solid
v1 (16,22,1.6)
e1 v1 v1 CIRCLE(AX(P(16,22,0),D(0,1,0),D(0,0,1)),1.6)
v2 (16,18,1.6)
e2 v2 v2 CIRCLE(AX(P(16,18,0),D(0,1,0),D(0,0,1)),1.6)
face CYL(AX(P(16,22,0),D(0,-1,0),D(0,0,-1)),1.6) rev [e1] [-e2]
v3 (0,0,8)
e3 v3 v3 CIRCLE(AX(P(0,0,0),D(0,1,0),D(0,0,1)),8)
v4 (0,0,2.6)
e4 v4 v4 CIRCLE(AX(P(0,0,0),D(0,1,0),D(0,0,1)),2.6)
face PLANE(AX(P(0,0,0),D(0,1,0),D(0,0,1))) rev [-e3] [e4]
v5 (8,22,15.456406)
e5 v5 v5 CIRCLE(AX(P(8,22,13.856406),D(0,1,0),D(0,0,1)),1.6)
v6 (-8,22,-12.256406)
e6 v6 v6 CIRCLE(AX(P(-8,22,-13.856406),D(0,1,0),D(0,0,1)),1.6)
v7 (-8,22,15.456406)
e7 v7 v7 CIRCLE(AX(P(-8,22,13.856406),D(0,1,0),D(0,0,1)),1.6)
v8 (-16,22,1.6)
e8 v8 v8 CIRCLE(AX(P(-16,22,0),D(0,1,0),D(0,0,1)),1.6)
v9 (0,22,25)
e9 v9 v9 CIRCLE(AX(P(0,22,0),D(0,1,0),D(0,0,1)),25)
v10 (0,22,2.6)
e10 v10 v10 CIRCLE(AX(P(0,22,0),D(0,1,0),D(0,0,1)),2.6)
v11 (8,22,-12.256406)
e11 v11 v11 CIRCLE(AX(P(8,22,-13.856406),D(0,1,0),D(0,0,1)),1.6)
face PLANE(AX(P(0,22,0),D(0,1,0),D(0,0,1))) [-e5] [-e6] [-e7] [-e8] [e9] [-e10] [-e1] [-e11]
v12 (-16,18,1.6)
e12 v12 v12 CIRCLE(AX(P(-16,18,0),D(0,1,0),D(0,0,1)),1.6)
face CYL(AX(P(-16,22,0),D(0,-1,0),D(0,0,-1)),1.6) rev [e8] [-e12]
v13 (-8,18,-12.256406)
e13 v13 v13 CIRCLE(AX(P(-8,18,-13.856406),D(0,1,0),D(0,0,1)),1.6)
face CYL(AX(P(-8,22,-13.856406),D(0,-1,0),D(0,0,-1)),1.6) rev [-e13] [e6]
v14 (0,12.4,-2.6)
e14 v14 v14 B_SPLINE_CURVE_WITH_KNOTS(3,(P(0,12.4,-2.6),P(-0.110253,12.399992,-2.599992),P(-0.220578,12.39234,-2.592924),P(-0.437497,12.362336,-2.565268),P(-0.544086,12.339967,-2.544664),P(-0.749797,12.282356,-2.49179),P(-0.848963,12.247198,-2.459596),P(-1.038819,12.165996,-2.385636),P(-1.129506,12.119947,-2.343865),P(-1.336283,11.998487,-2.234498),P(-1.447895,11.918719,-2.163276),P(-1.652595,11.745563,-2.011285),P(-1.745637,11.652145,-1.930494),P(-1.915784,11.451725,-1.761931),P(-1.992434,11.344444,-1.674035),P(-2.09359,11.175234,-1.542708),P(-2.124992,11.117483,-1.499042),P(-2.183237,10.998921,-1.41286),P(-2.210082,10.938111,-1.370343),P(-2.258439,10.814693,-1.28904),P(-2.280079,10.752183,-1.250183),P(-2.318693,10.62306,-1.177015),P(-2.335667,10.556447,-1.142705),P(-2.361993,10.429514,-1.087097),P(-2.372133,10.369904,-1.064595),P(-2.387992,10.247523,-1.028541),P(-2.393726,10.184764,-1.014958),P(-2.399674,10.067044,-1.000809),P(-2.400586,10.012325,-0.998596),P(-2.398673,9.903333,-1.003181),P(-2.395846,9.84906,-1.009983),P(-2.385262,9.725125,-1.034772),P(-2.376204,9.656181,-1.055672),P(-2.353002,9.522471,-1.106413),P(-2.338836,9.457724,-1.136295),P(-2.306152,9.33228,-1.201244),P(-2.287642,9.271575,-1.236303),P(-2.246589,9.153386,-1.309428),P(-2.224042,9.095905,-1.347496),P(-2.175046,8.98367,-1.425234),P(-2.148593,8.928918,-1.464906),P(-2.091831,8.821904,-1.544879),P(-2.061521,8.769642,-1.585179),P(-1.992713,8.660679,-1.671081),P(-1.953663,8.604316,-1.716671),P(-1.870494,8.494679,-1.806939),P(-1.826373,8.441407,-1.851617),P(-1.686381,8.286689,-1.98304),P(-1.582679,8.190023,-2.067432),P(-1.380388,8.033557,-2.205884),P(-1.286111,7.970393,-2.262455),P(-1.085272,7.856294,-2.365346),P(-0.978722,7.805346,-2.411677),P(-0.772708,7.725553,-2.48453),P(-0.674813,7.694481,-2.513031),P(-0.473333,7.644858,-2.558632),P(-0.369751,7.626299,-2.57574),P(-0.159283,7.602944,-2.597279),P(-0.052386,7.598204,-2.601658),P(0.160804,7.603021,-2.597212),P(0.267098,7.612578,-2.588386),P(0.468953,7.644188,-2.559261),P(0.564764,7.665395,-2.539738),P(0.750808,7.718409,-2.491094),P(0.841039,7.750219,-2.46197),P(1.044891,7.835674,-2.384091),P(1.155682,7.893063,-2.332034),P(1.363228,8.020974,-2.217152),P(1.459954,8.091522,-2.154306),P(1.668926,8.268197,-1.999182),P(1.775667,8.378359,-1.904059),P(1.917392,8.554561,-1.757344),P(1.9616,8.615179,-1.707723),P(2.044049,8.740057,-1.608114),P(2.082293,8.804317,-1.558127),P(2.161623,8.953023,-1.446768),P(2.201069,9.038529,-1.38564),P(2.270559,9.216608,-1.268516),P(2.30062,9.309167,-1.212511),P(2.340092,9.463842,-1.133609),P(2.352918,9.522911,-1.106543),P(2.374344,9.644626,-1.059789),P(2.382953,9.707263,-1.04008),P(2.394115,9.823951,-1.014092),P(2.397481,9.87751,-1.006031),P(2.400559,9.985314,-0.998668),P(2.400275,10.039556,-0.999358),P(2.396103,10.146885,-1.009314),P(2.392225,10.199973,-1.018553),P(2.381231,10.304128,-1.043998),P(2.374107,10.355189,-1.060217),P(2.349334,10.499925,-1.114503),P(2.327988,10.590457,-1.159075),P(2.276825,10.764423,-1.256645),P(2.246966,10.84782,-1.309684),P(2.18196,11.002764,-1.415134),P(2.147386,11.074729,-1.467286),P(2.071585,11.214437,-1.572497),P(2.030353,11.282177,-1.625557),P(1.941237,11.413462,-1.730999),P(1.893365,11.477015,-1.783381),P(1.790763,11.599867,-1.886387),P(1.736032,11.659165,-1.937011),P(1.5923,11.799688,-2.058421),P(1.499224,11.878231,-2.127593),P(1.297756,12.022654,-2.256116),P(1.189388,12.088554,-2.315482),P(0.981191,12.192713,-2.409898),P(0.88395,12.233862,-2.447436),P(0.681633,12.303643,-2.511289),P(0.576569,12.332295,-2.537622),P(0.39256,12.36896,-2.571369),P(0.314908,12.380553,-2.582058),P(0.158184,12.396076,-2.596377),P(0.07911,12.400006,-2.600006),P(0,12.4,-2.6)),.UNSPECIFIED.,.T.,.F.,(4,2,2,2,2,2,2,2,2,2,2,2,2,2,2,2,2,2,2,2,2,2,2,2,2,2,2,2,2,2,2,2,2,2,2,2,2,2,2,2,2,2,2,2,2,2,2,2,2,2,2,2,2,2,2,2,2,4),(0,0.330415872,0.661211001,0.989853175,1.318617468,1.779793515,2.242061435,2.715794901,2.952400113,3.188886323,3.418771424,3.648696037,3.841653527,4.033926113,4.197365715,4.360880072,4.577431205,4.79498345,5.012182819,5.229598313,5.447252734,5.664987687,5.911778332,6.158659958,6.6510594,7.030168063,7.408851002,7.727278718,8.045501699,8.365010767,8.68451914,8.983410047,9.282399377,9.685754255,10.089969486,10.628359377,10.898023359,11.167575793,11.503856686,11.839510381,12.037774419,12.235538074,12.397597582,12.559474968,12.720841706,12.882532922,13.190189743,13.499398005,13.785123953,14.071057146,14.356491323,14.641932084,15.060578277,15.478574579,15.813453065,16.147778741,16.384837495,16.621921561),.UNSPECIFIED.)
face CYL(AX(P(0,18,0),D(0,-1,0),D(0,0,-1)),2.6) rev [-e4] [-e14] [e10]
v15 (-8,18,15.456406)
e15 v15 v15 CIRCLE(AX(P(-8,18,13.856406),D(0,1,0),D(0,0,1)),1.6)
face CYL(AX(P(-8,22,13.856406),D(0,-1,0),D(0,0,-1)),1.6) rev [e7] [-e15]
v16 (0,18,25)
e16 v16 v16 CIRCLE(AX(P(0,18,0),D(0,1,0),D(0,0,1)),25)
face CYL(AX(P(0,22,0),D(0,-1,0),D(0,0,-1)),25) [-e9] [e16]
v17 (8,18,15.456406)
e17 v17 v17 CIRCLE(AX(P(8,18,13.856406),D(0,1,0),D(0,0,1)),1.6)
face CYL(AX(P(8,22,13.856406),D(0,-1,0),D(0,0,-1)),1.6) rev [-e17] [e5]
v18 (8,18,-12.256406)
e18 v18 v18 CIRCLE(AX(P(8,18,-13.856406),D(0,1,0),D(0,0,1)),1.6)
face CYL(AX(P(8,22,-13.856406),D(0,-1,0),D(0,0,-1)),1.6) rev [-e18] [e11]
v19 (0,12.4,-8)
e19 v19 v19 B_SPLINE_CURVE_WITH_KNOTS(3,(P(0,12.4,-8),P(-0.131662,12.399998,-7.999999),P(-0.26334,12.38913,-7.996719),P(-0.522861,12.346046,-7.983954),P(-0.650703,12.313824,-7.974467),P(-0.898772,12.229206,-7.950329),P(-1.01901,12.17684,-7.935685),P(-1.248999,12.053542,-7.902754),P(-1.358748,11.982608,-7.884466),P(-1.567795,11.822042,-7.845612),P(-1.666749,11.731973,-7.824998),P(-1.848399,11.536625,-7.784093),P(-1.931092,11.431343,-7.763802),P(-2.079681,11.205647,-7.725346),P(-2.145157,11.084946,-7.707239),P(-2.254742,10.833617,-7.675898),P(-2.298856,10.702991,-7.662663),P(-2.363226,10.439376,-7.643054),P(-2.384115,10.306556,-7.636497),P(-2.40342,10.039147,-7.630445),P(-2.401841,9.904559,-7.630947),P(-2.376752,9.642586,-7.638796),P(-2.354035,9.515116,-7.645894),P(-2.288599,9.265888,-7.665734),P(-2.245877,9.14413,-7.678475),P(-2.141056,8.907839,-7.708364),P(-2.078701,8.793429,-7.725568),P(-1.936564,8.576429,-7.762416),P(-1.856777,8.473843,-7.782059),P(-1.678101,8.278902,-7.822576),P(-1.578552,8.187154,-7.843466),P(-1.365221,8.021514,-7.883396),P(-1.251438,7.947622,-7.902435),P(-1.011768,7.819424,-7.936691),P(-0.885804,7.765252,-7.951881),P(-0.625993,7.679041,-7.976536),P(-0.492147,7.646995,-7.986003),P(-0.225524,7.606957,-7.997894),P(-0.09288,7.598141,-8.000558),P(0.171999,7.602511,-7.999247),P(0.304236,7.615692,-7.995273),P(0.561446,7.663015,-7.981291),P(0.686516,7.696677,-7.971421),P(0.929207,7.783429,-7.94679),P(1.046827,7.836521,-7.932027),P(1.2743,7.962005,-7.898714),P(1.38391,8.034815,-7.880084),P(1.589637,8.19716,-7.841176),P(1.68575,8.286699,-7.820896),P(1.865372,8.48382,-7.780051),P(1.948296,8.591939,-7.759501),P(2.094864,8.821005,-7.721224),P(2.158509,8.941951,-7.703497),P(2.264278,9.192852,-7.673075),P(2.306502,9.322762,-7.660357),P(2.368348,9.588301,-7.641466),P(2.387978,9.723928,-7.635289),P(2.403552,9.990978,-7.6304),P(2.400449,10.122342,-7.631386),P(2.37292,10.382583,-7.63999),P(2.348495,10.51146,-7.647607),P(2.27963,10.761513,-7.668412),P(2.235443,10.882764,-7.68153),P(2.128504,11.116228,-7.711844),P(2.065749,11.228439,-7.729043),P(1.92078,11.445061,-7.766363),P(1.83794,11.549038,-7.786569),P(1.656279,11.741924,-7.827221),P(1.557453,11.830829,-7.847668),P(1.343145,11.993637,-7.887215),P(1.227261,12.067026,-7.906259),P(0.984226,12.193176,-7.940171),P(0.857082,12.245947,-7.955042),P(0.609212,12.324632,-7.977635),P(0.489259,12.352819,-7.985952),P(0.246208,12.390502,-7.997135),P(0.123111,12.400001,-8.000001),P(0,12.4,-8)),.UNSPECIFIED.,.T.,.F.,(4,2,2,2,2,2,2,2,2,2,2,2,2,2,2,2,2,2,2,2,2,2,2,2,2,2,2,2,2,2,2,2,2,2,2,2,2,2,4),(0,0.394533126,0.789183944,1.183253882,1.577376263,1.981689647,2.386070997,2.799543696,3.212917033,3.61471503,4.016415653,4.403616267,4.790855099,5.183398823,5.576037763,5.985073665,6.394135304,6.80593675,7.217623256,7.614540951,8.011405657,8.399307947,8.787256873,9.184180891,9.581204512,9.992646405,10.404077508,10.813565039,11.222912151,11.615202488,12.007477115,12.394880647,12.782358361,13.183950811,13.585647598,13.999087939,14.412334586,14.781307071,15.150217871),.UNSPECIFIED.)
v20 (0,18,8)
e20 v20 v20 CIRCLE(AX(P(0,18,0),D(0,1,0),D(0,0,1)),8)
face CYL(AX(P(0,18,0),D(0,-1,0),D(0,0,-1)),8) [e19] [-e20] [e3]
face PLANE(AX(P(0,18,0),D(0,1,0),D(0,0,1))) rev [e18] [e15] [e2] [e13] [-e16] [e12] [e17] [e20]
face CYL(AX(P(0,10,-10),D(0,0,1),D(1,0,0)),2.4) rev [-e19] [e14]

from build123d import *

# Parameters (mm, degrees)
SKETCH_1_R          = 8
SKETCH_1_R_2        = 2.6
EXTRUDE_1_DEPTH     = 18
SKETCH_2_R          = 25
SKETCH_2_R_2        = 1.6
EXTRUDE_2_DEPTH     = 4
SKETCH_4_R          = 2.4
CUT_EXTRUDE_1_DEPTH = 10
SKETCH_5_R          = 2.6
CUT_EXTRUDE_2_DEPTH = 10


with BuildPart() as part:
    # 草图1 → 凸台-拉伸1 (new body)
    with BuildSketch(Plane(origin=(0, 0, 0), x_dir=(1, 0, 0), z_dir=(0, 1, 0))):
        with Locations(Location((0, 0, 0), (0, 0, 270))):
            Circle(SKETCH_1_R)
        with Locations(Location((0, 0, 0), (0, 0, 270))):
            Circle(SKETCH_1_R_2, mode=Mode.SUBTRACT)
    extrude(amount=EXTRUDE_1_DEPTH)

    # 草图2 → 凸台-拉伸2 (add)
    with BuildSketch(Plane(origin=(0, 18, 0), x_dir=(1, 0, 0), z_dir=(0, 1, 0))):
        with Locations(Location((0, 0, 0), (0, 0, 270))):
            Circle(SKETCH_2_R)
        with Locations(Location((16, 0, 0), (0, 0, 270))):
            Circle(SKETCH_2_R_2, mode=Mode.SUBTRACT)
        with Locations(Location((8, -13.856406461, 0), (0, 0, 270))):
            Circle(SKETCH_2_R_2, mode=Mode.SUBTRACT)
        with Locations(Location((-8, -13.856406461, 0), (0, 0, 270))):
            Circle(SKETCH_2_R_2, mode=Mode.SUBTRACT)
        with Locations(Location((-16, 0, 0), (0, 0, 270))):
            Circle(SKETCH_2_R_2, mode=Mode.SUBTRACT)
        with Locations(Location((-8, 13.856406461, 0), (0, 0, 270))):
            Circle(SKETCH_2_R_2, mode=Mode.SUBTRACT)
        with Locations(Location((8, 13.856406461, 0), (0, 0, 270))):
            Circle(SKETCH_2_R_2, mode=Mode.SUBTRACT)
    extrude(amount=EXTRUDE_2_DEPTH)

    # 草图4 → 切除-拉伸1 (cut)
    with BuildSketch(Plane.XY):
        with Locations(Location((0, 10, 0), (0, 0, 90))):
            Circle(SKETCH_4_R)
    extrude(amount=-CUT_EXTRUDE_1_DEPTH, mode=Mode.SUBTRACT)

    # 草图5 → 切除-拉伸2 (cut)
    with BuildSketch(Plane.XZ.offset(-18)):
        with Locations(Location((0, 0, 0), (0, 0, 90))):
            Circle(SKETCH_5_R)
    extrude(amount=-CUT_EXTRUDE_2_DEPTH, mode=Mode.SUBTRACT)


solid = part.part
